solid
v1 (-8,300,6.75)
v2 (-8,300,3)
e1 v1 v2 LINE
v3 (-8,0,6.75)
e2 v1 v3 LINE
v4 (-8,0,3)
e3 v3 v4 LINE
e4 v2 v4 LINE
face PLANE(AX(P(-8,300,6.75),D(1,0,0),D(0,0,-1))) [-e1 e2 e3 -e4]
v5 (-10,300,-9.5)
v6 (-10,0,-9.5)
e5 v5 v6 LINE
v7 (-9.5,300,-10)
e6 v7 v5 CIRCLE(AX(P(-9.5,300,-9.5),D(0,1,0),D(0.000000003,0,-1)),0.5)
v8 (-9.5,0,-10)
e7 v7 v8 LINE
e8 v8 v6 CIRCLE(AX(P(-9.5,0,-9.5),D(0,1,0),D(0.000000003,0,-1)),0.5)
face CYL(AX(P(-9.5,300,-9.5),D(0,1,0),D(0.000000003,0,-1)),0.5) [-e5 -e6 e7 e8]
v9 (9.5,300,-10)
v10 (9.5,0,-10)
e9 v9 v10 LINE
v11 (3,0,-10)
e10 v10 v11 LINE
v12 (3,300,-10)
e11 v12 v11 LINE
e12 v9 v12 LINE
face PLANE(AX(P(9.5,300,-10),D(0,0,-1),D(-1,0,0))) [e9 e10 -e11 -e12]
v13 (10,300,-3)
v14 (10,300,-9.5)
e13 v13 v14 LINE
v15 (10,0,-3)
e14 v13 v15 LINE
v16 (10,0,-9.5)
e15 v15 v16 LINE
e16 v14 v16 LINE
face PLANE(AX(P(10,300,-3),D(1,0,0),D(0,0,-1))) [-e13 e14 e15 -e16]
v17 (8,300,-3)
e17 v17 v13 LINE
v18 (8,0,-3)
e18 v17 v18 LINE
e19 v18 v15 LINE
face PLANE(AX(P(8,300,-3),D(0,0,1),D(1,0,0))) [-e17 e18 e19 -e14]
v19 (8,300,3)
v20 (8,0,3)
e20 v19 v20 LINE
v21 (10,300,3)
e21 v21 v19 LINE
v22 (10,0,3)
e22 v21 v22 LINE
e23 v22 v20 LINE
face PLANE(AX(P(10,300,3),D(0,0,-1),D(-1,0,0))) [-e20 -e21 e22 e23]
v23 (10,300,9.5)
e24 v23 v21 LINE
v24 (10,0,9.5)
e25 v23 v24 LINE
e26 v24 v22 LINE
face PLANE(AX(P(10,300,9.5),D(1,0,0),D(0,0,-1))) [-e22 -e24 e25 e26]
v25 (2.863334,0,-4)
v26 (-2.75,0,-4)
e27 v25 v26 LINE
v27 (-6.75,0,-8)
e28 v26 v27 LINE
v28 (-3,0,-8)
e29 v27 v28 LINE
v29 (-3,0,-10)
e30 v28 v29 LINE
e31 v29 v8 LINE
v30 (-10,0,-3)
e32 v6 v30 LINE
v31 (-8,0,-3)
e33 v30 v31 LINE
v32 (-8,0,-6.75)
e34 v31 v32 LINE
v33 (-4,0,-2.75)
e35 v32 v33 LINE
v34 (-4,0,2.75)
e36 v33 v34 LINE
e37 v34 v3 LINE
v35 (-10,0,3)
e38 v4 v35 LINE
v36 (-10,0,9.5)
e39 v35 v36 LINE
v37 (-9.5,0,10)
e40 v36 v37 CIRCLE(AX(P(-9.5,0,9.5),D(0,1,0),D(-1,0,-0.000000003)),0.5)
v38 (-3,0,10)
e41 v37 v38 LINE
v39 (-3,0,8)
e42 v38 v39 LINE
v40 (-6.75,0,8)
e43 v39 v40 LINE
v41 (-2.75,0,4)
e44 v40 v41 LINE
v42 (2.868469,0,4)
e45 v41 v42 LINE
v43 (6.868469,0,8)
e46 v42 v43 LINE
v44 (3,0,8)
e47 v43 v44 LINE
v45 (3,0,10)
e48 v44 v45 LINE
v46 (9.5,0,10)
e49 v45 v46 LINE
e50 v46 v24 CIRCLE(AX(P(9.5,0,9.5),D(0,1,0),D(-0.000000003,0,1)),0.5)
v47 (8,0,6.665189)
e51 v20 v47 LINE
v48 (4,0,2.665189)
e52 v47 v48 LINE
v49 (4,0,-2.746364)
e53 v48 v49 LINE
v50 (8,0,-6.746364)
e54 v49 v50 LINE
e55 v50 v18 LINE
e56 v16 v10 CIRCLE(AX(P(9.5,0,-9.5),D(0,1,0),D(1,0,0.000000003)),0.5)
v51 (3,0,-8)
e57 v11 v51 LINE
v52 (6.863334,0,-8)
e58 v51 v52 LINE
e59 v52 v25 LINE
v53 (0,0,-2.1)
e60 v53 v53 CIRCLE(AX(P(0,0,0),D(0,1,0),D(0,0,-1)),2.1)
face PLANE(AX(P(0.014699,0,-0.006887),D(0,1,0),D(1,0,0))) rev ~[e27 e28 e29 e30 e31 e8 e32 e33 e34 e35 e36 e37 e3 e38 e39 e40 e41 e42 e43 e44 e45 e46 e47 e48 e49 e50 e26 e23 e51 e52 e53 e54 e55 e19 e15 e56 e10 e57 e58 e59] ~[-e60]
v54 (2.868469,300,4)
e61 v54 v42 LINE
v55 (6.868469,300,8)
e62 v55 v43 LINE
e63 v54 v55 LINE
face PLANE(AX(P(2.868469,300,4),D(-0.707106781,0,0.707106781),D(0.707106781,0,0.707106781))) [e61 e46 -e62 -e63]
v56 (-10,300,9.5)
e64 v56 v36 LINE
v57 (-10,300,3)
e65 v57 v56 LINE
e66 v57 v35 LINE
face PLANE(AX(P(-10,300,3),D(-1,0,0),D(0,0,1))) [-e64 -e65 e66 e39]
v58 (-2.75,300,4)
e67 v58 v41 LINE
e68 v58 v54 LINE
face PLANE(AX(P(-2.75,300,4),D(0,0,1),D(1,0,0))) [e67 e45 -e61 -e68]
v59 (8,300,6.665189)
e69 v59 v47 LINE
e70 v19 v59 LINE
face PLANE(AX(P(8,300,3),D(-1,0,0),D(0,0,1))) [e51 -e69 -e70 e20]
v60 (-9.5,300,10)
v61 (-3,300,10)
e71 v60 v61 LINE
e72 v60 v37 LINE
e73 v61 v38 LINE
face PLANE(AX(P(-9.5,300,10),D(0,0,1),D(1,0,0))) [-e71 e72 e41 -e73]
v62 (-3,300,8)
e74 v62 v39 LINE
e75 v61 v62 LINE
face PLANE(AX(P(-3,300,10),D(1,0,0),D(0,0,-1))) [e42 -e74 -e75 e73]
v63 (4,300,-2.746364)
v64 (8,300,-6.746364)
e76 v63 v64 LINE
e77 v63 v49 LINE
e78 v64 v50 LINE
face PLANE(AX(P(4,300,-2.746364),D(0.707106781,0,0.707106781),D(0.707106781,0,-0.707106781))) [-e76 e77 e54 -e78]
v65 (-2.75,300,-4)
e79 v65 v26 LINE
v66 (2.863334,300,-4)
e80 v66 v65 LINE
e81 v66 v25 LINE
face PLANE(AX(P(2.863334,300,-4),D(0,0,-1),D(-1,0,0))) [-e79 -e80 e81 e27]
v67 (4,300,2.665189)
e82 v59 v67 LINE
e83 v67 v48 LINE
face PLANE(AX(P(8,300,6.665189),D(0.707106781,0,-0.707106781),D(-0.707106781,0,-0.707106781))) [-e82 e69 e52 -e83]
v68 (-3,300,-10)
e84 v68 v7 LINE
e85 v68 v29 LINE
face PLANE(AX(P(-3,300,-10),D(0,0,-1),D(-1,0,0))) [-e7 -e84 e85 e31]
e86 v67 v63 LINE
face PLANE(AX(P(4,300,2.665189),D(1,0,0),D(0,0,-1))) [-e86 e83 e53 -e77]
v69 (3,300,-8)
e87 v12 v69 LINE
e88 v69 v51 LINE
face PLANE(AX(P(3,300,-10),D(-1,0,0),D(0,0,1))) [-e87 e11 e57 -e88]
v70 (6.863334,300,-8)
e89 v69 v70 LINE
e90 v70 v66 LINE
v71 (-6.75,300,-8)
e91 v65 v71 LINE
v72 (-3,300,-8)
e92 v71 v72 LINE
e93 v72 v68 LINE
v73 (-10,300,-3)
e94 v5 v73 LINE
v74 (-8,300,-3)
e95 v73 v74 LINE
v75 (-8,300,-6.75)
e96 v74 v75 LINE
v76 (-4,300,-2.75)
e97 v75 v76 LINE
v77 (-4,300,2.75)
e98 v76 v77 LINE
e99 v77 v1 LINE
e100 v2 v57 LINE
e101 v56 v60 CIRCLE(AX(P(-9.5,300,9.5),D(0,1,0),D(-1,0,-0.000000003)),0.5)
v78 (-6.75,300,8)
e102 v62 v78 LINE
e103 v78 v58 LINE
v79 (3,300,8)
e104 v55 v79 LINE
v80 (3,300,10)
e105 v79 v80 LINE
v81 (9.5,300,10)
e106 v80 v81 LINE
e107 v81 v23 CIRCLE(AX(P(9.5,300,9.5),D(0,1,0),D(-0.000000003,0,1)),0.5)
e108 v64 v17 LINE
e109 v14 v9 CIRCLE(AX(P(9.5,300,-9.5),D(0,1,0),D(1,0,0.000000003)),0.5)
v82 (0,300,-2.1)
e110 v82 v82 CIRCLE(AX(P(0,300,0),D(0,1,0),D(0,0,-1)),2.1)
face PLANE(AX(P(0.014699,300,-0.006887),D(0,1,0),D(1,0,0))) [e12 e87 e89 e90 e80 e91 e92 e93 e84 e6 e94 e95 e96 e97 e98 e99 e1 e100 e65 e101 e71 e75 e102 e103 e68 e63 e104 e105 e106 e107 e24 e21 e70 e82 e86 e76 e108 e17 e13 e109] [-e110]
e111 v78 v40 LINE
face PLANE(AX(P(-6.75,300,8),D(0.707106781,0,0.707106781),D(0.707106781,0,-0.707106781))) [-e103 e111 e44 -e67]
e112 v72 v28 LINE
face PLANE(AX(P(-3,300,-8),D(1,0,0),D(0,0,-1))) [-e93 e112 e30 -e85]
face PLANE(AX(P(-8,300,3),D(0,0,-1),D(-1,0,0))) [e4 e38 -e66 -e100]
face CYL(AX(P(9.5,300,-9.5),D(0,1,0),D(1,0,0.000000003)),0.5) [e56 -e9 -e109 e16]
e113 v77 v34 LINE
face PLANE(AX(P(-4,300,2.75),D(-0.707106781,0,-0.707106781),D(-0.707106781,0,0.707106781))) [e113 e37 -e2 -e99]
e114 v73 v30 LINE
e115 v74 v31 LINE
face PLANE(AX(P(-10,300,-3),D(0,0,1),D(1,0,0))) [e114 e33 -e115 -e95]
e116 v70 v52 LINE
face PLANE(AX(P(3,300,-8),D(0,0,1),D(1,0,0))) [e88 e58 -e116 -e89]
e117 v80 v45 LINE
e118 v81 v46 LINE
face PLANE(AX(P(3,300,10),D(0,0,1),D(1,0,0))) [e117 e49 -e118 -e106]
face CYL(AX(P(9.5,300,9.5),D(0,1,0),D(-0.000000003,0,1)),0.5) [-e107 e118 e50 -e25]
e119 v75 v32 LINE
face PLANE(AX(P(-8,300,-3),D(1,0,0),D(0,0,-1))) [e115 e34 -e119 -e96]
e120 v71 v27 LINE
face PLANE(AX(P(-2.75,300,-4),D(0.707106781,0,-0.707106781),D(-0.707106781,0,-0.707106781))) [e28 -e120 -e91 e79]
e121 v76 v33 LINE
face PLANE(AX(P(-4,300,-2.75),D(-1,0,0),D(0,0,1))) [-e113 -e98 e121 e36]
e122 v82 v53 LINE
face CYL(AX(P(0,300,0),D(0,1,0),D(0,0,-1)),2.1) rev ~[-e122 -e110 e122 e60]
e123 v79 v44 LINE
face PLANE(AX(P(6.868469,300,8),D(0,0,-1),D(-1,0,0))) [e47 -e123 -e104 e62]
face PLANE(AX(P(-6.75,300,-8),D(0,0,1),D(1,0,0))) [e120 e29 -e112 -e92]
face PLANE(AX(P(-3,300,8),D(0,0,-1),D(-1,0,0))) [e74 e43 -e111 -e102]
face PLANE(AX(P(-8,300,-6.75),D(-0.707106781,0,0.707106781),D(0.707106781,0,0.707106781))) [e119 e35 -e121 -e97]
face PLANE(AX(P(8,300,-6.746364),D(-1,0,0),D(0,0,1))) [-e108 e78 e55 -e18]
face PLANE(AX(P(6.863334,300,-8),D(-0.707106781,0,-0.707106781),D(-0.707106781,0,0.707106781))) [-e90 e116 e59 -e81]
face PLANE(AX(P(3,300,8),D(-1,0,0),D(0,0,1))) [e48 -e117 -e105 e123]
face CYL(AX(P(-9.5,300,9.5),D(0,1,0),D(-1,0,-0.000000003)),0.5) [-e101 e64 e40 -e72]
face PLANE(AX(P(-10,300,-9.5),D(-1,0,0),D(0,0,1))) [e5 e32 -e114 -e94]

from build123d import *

# Parameters (mm, degrees)
SKETCH1_R           = 2.1
BOSS_EXTRUDE1_DEPTH = 300


with BuildPart() as part:
    # Sketch1 → Boss-Extrude1 (new body)
    with BuildSketch(Plane(origin=(0, 300, 0), x_dir=(1, 0, 0), z_dir=(0, 1, 0))):
        with BuildLine():
            Line((4, 2.746364236), (8, 6.746364236))
            Line((8, 6.746364236), (8, 3))
            Line((8, 3), (10, 3))
            Line((10, 3), (10, 9.5))
            ThreePointArc((10, 9.5), (9.853553391, 9.853553391), (9.5, 10))
            Line((9.5, 10), (3, 10))
            Line((3, 10), (3, 8))
            Line((3, 8), (6.863334179, 8))
            Line((6.863334179, 8), (2.863334179, 4))
            Line((2.863334179, 4), (-2.75, 4))
            Line((-2.75, 4), (-6.75, 8))
            Line((-6.75, 8), (-3, 8))
            Line((-3, 8), (-3, 10))
            Line((-3, 10), (-9.5, 10))
            ThreePointArc((-9.5, 10), (-9.853553391, 9.853553391), (-10, 9.5))
            Line((-10, 9.5), (-10, 3))
            Line((-10, 3), (-8, 3))
            Line((-8, 3), (-8, 6.75))
            Line((-8, 6.75), (-4, 2.75))
            Line((-4, 2.75), (-4, -2.75))
            Line((-4, -2.75), (-8, -6.75))
            Line((-8, -6.75), (-8, -3))
            Line((-8, -3), (-10, -3))
            Line((-10, -3), (-10, -9.5))
            ThreePointArc((-10, -9.5), (-9.853553391, -9.853553391), (-9.5, -10))
            Line((-9.5, -10), (-3, -10))
            Line((-3, -10), (-3, -8))
            Line((-3, -8), (-6.75, -8))
            Line((-6.75, -8), (-2.75, -4))
            Line((-2.75, -4), (2.868469119, -4))
            Line((2.868469119, -4), (6.868469119, -8))
            Line((6.868469119, -8), (3, -8))
            Line((3, -8), (3, -10))
            Line((3, -10), (9.5, -10))
            ThreePointArc((9.5, -10), (9.853553391, -9.853553391), (10, -9.5))
            Line((10, -9.5), (10, -3))
            Line((10, -3), (8, -3))
            Line((8, -3), (8, -6.665189266))
            Line((8, -6.665189266), (4, -2.665189266))
            Line((4, -2.665189266), (4, 2.746364236))
        make_face()
        with Locations(Location((0, 0, 0), (0, 0, 90))):
            Circle(SKETCH1_R, mode=Mode.SUBTRACT)
    extrude(amount=-BOSS_EXTRUDE1_DEPTH)


solid = part.part
